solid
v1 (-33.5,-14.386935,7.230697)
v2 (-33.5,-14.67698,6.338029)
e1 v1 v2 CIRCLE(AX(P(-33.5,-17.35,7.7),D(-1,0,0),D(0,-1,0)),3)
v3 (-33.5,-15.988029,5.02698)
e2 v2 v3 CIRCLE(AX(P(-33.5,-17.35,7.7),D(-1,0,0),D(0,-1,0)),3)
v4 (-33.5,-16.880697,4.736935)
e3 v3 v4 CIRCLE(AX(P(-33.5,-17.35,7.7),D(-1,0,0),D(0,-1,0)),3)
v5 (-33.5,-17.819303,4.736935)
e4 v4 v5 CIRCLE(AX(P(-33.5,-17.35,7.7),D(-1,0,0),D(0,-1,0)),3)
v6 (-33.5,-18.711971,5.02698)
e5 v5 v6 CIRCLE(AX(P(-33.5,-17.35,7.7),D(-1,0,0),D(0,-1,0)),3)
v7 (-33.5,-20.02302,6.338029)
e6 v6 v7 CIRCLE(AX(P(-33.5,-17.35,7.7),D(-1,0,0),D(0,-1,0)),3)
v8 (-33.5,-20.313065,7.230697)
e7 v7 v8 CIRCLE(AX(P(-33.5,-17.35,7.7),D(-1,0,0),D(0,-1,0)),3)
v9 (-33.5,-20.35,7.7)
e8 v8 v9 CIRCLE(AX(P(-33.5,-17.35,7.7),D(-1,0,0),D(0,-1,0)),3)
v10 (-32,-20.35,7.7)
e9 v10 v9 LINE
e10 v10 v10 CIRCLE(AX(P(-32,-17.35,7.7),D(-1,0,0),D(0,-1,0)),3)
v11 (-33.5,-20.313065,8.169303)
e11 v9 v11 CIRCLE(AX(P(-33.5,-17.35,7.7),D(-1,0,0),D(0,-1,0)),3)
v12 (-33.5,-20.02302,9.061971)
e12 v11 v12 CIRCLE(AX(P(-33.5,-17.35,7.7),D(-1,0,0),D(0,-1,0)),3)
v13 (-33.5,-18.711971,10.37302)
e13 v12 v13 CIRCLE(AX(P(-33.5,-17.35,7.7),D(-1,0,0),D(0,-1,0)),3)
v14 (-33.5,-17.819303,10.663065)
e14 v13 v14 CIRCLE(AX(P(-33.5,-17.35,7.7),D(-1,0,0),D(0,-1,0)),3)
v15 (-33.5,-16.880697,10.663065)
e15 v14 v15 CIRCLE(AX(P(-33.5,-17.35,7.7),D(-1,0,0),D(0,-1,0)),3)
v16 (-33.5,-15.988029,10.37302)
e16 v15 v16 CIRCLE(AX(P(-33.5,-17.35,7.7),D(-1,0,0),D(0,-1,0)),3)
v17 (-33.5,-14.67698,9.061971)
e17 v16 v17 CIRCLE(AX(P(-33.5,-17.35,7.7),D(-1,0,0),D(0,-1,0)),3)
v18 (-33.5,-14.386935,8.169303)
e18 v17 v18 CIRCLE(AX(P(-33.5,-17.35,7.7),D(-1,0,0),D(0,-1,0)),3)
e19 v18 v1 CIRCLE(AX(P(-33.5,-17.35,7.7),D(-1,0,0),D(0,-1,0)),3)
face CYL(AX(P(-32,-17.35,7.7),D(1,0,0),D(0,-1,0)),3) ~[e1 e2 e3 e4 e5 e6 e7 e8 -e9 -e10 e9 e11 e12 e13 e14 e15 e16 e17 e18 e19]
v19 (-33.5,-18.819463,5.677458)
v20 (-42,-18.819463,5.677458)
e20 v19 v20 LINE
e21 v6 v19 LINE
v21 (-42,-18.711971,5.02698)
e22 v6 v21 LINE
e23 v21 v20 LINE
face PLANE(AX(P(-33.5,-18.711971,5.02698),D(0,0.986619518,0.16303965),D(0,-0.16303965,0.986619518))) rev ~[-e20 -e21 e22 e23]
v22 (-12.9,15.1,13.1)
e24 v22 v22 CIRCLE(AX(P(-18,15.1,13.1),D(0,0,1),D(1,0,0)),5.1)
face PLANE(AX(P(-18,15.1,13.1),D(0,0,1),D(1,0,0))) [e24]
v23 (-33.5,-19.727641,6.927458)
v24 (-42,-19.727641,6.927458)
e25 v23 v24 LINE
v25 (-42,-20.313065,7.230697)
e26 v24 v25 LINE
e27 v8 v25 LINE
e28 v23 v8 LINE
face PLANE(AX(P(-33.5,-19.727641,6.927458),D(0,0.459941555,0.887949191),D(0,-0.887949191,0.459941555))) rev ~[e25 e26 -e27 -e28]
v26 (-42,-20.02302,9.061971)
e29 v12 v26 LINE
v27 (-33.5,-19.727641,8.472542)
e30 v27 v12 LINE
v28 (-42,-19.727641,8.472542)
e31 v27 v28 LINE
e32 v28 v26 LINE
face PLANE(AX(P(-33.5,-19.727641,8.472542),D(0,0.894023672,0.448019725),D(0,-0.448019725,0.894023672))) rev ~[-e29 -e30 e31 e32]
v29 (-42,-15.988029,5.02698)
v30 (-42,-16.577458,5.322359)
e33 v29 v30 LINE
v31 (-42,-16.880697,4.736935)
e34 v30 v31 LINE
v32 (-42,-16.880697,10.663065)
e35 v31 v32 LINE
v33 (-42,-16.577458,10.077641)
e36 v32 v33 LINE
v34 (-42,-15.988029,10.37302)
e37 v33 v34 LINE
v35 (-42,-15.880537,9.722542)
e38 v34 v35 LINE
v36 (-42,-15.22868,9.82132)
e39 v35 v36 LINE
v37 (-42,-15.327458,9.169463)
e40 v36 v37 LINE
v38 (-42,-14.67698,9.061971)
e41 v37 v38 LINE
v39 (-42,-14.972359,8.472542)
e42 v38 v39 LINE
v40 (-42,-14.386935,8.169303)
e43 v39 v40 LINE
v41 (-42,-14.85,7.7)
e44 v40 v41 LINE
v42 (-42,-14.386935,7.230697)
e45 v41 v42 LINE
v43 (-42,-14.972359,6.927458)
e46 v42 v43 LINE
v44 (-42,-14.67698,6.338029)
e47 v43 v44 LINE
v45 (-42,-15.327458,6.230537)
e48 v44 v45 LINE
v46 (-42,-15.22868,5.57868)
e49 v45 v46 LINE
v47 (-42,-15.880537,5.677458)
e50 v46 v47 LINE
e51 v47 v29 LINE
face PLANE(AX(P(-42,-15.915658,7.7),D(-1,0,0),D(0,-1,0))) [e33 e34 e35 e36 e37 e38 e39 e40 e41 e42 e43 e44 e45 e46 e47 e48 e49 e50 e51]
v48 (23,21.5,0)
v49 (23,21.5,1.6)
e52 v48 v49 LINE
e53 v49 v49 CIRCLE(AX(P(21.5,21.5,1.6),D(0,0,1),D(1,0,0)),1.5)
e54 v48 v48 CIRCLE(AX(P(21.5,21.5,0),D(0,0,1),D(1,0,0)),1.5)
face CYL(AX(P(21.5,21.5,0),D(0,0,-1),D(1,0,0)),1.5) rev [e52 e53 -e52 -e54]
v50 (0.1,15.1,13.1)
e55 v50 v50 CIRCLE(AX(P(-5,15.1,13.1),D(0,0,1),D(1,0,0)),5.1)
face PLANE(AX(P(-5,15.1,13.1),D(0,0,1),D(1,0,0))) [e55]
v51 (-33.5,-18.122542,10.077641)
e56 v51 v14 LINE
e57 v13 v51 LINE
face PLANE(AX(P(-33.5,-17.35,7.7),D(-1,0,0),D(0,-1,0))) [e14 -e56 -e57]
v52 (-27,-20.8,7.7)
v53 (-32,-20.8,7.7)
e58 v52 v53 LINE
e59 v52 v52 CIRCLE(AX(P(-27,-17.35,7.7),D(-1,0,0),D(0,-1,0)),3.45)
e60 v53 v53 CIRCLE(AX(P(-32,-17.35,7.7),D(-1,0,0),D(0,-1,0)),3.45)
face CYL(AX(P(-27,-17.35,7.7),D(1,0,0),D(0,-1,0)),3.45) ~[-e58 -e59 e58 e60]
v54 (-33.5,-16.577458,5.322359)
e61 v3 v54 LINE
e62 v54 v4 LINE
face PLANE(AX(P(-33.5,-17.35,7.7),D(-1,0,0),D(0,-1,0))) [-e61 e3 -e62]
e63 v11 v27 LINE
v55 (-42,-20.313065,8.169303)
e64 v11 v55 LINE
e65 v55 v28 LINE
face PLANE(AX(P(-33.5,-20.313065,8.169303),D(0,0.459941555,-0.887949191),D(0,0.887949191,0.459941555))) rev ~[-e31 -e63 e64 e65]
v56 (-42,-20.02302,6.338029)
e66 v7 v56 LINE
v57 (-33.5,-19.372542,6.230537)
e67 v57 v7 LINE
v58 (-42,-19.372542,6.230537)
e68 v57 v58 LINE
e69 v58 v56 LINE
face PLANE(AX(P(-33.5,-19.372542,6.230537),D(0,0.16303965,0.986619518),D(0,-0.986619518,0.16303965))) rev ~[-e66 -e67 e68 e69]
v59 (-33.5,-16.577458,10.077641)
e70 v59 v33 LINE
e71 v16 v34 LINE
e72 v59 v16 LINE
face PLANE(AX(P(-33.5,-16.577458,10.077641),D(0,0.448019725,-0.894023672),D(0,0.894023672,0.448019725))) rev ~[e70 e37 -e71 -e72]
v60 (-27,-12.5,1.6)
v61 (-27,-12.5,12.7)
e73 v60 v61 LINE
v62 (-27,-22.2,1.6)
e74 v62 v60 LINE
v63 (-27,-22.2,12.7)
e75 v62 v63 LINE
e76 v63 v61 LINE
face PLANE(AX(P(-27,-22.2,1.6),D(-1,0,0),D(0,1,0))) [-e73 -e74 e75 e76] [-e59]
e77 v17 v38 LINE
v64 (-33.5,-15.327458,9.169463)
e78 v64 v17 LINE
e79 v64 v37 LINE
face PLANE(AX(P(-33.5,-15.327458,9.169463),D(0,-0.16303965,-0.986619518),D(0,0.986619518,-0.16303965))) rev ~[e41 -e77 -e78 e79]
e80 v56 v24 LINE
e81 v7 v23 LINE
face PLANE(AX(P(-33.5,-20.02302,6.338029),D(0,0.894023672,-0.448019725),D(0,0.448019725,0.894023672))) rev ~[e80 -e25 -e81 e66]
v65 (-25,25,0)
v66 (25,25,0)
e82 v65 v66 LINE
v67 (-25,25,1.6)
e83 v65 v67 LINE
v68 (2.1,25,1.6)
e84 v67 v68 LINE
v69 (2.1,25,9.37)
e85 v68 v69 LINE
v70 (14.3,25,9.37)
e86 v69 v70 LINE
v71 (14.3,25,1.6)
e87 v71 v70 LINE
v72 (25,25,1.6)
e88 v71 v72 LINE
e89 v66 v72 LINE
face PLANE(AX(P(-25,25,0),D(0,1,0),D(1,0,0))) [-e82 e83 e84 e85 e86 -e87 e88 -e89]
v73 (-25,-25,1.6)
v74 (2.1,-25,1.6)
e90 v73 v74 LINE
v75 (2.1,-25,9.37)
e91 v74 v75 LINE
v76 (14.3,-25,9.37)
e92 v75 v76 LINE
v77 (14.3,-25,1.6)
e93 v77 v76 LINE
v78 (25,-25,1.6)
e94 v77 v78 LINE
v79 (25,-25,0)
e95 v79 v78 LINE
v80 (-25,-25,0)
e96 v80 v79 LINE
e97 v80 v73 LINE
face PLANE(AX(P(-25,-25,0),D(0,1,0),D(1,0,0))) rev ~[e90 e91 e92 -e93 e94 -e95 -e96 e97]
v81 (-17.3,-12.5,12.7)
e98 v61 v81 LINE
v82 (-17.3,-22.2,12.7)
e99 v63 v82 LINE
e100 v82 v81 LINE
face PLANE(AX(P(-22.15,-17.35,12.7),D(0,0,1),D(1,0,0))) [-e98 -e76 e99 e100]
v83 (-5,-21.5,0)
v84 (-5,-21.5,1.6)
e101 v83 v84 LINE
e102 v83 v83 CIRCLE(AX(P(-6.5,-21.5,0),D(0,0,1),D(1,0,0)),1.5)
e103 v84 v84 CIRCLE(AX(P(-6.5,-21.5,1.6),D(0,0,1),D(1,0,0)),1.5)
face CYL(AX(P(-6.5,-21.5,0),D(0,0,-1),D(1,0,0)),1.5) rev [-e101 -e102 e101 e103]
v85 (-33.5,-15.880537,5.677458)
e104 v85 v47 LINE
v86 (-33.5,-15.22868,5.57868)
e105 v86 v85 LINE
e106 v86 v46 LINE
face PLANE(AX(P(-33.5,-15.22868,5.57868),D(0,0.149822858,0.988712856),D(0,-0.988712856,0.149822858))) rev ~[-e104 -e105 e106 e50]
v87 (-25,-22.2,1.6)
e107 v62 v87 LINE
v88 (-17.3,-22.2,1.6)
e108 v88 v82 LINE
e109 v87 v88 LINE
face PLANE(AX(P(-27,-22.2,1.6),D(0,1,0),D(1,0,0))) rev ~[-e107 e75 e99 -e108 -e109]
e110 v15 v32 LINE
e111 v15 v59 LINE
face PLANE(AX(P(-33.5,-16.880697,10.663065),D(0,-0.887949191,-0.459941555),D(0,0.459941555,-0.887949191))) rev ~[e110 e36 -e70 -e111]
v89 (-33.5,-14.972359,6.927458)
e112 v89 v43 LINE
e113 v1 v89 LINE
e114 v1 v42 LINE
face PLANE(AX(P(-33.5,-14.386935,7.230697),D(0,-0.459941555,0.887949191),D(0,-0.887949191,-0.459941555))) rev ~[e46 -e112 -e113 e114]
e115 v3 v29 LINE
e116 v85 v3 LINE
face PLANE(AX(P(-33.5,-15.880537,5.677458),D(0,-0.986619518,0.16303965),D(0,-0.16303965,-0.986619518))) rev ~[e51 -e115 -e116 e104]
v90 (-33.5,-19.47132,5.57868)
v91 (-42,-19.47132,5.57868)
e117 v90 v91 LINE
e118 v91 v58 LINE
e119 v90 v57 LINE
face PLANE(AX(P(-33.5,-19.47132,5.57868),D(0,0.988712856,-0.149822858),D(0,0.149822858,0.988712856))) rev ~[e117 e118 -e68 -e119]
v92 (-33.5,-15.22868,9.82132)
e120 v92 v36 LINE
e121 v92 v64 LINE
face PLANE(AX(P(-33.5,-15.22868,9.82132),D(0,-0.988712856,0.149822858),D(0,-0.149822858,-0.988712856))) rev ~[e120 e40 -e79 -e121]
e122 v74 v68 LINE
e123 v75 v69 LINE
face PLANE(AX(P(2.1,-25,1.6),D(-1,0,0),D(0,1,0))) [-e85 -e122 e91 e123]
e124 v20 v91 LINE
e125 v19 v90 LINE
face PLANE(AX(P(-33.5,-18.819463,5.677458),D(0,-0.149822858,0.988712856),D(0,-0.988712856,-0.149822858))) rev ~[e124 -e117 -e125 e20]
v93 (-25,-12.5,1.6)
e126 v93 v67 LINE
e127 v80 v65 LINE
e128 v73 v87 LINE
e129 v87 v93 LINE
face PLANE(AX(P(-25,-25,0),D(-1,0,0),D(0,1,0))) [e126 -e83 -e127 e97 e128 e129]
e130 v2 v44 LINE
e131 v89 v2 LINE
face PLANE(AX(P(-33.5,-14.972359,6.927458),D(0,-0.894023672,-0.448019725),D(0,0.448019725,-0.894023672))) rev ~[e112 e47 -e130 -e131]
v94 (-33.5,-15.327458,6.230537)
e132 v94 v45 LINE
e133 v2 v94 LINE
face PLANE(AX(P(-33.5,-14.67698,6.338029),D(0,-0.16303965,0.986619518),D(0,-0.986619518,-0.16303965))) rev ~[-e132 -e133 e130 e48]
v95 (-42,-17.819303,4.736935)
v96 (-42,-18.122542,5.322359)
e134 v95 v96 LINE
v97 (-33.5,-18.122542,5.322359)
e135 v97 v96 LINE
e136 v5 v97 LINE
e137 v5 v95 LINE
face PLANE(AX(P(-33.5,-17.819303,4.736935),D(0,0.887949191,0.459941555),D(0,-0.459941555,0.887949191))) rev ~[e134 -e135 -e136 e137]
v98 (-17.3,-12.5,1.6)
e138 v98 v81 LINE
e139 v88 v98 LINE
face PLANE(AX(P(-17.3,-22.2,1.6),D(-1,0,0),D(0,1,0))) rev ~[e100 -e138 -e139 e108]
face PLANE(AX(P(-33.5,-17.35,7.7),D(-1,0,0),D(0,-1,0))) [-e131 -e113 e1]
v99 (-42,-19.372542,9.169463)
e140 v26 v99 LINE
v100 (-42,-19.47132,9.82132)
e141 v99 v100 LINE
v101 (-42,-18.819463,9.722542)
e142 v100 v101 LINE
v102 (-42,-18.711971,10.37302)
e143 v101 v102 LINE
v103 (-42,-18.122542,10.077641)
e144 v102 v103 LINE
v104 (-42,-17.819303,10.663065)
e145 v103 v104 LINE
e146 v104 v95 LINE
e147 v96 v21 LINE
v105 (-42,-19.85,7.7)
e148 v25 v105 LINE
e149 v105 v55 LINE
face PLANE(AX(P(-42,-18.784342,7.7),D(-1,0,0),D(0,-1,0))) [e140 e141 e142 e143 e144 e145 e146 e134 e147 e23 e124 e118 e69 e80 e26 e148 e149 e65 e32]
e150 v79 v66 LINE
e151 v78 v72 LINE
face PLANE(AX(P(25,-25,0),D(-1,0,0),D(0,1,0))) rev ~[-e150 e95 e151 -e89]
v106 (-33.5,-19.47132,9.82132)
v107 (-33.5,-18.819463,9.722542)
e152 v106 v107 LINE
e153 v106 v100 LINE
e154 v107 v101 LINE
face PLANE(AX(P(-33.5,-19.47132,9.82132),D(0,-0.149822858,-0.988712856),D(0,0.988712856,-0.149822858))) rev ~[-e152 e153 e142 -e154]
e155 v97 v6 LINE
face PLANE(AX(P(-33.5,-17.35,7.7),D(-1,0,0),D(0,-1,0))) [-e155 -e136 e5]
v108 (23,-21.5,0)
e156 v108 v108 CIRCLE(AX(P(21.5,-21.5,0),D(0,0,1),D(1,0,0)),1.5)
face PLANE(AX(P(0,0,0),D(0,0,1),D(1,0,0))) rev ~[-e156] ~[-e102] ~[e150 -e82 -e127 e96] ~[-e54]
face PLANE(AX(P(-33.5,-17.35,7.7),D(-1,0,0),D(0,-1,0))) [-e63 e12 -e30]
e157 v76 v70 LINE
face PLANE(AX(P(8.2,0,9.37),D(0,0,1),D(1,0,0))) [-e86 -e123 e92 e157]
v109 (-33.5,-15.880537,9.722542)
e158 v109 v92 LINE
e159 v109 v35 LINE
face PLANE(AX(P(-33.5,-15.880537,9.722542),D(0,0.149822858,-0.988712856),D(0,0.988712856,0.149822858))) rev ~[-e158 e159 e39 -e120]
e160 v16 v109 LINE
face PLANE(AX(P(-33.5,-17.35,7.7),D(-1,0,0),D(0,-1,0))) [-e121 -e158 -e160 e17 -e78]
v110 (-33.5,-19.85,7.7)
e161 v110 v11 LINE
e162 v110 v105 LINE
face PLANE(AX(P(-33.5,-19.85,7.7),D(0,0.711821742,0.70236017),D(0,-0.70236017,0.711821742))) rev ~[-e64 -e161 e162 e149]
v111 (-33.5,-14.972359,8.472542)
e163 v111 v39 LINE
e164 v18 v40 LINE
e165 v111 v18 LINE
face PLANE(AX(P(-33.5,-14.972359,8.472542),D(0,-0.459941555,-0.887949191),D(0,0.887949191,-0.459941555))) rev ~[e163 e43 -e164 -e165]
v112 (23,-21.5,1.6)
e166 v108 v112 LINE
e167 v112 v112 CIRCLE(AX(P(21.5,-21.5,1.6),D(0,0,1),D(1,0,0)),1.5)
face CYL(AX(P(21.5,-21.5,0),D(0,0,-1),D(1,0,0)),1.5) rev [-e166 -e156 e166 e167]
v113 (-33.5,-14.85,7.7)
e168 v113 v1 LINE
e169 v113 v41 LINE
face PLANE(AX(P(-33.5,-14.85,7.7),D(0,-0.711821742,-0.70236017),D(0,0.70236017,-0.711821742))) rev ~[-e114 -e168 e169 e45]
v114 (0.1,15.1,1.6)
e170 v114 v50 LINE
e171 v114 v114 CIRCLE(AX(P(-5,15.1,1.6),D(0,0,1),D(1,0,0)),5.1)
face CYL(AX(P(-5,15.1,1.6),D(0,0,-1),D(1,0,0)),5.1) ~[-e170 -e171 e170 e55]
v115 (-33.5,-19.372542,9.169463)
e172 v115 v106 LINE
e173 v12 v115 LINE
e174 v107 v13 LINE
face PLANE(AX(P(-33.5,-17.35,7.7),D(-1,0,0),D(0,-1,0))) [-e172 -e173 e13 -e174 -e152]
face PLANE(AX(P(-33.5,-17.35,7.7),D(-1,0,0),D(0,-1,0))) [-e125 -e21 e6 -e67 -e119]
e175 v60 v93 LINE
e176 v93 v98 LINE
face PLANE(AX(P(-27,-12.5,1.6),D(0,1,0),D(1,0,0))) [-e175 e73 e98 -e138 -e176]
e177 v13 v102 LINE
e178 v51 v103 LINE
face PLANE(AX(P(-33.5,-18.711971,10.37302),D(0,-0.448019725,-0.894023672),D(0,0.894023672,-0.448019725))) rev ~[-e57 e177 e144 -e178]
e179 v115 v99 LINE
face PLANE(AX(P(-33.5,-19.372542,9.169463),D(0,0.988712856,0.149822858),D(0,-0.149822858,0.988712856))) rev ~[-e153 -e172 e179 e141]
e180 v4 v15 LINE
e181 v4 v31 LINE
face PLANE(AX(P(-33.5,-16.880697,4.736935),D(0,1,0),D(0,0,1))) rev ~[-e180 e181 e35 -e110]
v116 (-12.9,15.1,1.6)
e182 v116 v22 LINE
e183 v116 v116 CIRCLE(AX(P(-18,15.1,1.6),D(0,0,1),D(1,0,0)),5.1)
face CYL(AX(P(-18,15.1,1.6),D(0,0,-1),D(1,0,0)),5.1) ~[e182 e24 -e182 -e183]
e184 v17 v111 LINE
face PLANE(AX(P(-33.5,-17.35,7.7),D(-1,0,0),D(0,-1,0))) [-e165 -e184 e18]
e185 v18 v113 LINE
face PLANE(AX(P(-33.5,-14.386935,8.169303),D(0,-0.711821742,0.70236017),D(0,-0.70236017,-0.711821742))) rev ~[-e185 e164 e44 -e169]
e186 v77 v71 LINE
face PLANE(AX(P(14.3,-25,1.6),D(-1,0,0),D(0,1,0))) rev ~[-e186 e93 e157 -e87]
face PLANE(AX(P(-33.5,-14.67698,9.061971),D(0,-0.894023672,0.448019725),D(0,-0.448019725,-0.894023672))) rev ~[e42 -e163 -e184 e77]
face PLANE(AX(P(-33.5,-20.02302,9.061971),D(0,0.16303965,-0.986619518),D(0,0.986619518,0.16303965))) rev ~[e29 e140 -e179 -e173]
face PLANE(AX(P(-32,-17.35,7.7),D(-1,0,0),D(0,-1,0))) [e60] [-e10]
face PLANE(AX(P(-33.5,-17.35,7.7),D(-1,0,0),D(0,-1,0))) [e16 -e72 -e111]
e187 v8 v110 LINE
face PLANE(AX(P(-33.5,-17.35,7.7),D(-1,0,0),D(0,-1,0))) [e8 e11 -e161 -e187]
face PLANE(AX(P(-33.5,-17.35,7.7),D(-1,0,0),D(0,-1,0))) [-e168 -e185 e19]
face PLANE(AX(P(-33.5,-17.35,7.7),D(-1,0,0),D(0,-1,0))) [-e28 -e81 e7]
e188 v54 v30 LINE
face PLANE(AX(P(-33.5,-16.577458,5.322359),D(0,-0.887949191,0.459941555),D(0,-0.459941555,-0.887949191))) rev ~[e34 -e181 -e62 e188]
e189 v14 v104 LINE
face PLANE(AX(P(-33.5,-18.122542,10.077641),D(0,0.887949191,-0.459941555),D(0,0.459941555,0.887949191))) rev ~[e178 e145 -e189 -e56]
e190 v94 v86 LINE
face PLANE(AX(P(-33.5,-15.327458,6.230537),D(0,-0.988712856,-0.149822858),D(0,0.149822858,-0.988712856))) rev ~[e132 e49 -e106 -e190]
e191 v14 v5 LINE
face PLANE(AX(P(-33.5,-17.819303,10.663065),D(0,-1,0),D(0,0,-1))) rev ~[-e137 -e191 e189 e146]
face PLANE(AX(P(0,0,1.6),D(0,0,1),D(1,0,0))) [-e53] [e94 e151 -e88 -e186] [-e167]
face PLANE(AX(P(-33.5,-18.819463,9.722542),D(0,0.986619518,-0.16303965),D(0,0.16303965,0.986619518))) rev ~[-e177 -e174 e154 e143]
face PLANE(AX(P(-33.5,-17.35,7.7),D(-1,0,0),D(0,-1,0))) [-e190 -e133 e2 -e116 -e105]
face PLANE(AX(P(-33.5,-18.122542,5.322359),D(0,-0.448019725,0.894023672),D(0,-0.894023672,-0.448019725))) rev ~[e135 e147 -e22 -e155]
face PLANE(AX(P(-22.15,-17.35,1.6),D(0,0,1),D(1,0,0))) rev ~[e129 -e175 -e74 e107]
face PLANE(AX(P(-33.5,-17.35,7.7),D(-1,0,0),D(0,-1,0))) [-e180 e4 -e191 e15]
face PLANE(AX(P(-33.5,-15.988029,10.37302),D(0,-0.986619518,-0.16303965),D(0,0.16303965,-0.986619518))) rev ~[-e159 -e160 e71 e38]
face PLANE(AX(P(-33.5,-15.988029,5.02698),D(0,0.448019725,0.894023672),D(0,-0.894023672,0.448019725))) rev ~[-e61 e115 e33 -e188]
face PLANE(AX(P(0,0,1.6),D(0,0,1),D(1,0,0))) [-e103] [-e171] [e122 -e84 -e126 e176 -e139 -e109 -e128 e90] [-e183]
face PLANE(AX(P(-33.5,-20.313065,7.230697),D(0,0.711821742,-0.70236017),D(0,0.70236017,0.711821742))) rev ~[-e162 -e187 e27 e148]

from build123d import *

# Parameters (mm, degrees)
F0_W      = 50
F0_H      = 50
F0_R      = 1.5
F1_DEPTH  = 1.6
F2_W      = 12.2
F2_H      = 50
F3_DEPTH  = 7.77
F4_R      = 5.1
F5_DEPTH  = 11.5
F6_W      = 9.7
F6_H      = 9.7
F7_DEPTH  = 11.1
F8_R      = 3.45
F9_DEPTH  = 5
F10_R     = 3
F11_DEPTH = 1.5
F13_DEPTH = 8.5


with BuildPart() as f1:
    # F0 (on Top) → F1 (new body)
    with BuildSketch(Plane.XY):
        Rectangle(F0_W, F0_H)
        with Locations((-6.5, -21.5)):
            Circle(F0_R, mode=Mode.SUBTRACT)
        with Locations((21.5, -21.5)):
            Circle(F0_R, mode=Mode.SUBTRACT)
        with Locations((21.5, 21.5)):
            Circle(F0_R, mode=Mode.SUBTRACT)
    extrude(amount=F1_DEPTH)

    # F2 (on face) → F3 (join)
    with BuildSketch(Plane.XY.offset(1.6)):
        with Locations((8.2, 0)):
            Rectangle(F2_W, F2_H)
    extrude(amount=F3_DEPTH)

    # F4 (on face) → F5 (join)
    with BuildSketch(Plane.XY.offset(1.6)):
        with Locations((-18, 15.1)):
            Circle(F4_R)
        with Locations((-5, 15.1)):
            Circle(F4_R)
    extrude(amount=F5_DEPTH)

    # F6 (on face) → F7 (join)
    with BuildSketch(Plane.XY.offset(1.6)):
        with Locations((-22.15, -17.35)):
            Rectangle(F6_W, F6_H)
    extrude(amount=F7_DEPTH)

    # F8 (on face) → F9 (join)
    with BuildSketch(Plane(origin=(-27, 0, 0), x_dir=(0, -1, 0), z_dir=(-1, 0, 0))):
        with Locations((17.35, 7.7)):
            Circle(F8_R)
    extrude(amount=F9_DEPTH)

    # F10 (on face) → F11 (join)
    with BuildSketch(Plane(origin=(-32, 0, 0), x_dir=(0, -1, 0), z_dir=(-1, 0, 0))):
        with Locations((17.35, 7.7)):
            Circle(F10_R)
    extrude(amount=F11_DEPTH)

    # F12 (on face) → F13 (join)
    with BuildSketch(Plane(origin=(-33.5, 0, 0), x_dir=(0, -1, 0), z_dir=(-1, 0, 0))):
        Polygon((16.880697, 4.736935), (16.880697, 10.663065), (16.577458, 10.077641), (15.988029, 10.37302), (15.880537, 9.722542), (15.22868, 9.82132), (15.327458, 9.169463), (14.67698, 9.061971), (14.972359, 8.472542), (14.386935, 8.169303), (14.85, 7.7), (14.386935, 7.230697), (14.972359, 6.927458), (14.67698, 6.338029), (15.327458, 6.230537), (15.22868, 5.57868), (15.880537, 5.677458), (15.988029, 5.02698), (16.577458, 5.322359), align=None)
        Polygon((18.122542, 10.077641), (17.819303, 10.663065), (17.819303, 4.736935), (18.122542, 5.322359), (18.711971, 5.02698), (18.819463, 5.677458), (19.47132, 5.57868), (19.372542, 6.230537), (20.02302, 6.338029), (19.727641, 6.927458), (20.313065, 7.230697), (19.85, 7.7), (20.313065, 8.169303), (19.727641, 8.472542), (20.02302, 9.061971), (19.372542, 9.169463), (19.47132, 9.82132), (18.819463, 9.722542), (18.711971, 10.37302), align=None)
    extrude(amount=F13_DEPTH)


solid = f1.part
